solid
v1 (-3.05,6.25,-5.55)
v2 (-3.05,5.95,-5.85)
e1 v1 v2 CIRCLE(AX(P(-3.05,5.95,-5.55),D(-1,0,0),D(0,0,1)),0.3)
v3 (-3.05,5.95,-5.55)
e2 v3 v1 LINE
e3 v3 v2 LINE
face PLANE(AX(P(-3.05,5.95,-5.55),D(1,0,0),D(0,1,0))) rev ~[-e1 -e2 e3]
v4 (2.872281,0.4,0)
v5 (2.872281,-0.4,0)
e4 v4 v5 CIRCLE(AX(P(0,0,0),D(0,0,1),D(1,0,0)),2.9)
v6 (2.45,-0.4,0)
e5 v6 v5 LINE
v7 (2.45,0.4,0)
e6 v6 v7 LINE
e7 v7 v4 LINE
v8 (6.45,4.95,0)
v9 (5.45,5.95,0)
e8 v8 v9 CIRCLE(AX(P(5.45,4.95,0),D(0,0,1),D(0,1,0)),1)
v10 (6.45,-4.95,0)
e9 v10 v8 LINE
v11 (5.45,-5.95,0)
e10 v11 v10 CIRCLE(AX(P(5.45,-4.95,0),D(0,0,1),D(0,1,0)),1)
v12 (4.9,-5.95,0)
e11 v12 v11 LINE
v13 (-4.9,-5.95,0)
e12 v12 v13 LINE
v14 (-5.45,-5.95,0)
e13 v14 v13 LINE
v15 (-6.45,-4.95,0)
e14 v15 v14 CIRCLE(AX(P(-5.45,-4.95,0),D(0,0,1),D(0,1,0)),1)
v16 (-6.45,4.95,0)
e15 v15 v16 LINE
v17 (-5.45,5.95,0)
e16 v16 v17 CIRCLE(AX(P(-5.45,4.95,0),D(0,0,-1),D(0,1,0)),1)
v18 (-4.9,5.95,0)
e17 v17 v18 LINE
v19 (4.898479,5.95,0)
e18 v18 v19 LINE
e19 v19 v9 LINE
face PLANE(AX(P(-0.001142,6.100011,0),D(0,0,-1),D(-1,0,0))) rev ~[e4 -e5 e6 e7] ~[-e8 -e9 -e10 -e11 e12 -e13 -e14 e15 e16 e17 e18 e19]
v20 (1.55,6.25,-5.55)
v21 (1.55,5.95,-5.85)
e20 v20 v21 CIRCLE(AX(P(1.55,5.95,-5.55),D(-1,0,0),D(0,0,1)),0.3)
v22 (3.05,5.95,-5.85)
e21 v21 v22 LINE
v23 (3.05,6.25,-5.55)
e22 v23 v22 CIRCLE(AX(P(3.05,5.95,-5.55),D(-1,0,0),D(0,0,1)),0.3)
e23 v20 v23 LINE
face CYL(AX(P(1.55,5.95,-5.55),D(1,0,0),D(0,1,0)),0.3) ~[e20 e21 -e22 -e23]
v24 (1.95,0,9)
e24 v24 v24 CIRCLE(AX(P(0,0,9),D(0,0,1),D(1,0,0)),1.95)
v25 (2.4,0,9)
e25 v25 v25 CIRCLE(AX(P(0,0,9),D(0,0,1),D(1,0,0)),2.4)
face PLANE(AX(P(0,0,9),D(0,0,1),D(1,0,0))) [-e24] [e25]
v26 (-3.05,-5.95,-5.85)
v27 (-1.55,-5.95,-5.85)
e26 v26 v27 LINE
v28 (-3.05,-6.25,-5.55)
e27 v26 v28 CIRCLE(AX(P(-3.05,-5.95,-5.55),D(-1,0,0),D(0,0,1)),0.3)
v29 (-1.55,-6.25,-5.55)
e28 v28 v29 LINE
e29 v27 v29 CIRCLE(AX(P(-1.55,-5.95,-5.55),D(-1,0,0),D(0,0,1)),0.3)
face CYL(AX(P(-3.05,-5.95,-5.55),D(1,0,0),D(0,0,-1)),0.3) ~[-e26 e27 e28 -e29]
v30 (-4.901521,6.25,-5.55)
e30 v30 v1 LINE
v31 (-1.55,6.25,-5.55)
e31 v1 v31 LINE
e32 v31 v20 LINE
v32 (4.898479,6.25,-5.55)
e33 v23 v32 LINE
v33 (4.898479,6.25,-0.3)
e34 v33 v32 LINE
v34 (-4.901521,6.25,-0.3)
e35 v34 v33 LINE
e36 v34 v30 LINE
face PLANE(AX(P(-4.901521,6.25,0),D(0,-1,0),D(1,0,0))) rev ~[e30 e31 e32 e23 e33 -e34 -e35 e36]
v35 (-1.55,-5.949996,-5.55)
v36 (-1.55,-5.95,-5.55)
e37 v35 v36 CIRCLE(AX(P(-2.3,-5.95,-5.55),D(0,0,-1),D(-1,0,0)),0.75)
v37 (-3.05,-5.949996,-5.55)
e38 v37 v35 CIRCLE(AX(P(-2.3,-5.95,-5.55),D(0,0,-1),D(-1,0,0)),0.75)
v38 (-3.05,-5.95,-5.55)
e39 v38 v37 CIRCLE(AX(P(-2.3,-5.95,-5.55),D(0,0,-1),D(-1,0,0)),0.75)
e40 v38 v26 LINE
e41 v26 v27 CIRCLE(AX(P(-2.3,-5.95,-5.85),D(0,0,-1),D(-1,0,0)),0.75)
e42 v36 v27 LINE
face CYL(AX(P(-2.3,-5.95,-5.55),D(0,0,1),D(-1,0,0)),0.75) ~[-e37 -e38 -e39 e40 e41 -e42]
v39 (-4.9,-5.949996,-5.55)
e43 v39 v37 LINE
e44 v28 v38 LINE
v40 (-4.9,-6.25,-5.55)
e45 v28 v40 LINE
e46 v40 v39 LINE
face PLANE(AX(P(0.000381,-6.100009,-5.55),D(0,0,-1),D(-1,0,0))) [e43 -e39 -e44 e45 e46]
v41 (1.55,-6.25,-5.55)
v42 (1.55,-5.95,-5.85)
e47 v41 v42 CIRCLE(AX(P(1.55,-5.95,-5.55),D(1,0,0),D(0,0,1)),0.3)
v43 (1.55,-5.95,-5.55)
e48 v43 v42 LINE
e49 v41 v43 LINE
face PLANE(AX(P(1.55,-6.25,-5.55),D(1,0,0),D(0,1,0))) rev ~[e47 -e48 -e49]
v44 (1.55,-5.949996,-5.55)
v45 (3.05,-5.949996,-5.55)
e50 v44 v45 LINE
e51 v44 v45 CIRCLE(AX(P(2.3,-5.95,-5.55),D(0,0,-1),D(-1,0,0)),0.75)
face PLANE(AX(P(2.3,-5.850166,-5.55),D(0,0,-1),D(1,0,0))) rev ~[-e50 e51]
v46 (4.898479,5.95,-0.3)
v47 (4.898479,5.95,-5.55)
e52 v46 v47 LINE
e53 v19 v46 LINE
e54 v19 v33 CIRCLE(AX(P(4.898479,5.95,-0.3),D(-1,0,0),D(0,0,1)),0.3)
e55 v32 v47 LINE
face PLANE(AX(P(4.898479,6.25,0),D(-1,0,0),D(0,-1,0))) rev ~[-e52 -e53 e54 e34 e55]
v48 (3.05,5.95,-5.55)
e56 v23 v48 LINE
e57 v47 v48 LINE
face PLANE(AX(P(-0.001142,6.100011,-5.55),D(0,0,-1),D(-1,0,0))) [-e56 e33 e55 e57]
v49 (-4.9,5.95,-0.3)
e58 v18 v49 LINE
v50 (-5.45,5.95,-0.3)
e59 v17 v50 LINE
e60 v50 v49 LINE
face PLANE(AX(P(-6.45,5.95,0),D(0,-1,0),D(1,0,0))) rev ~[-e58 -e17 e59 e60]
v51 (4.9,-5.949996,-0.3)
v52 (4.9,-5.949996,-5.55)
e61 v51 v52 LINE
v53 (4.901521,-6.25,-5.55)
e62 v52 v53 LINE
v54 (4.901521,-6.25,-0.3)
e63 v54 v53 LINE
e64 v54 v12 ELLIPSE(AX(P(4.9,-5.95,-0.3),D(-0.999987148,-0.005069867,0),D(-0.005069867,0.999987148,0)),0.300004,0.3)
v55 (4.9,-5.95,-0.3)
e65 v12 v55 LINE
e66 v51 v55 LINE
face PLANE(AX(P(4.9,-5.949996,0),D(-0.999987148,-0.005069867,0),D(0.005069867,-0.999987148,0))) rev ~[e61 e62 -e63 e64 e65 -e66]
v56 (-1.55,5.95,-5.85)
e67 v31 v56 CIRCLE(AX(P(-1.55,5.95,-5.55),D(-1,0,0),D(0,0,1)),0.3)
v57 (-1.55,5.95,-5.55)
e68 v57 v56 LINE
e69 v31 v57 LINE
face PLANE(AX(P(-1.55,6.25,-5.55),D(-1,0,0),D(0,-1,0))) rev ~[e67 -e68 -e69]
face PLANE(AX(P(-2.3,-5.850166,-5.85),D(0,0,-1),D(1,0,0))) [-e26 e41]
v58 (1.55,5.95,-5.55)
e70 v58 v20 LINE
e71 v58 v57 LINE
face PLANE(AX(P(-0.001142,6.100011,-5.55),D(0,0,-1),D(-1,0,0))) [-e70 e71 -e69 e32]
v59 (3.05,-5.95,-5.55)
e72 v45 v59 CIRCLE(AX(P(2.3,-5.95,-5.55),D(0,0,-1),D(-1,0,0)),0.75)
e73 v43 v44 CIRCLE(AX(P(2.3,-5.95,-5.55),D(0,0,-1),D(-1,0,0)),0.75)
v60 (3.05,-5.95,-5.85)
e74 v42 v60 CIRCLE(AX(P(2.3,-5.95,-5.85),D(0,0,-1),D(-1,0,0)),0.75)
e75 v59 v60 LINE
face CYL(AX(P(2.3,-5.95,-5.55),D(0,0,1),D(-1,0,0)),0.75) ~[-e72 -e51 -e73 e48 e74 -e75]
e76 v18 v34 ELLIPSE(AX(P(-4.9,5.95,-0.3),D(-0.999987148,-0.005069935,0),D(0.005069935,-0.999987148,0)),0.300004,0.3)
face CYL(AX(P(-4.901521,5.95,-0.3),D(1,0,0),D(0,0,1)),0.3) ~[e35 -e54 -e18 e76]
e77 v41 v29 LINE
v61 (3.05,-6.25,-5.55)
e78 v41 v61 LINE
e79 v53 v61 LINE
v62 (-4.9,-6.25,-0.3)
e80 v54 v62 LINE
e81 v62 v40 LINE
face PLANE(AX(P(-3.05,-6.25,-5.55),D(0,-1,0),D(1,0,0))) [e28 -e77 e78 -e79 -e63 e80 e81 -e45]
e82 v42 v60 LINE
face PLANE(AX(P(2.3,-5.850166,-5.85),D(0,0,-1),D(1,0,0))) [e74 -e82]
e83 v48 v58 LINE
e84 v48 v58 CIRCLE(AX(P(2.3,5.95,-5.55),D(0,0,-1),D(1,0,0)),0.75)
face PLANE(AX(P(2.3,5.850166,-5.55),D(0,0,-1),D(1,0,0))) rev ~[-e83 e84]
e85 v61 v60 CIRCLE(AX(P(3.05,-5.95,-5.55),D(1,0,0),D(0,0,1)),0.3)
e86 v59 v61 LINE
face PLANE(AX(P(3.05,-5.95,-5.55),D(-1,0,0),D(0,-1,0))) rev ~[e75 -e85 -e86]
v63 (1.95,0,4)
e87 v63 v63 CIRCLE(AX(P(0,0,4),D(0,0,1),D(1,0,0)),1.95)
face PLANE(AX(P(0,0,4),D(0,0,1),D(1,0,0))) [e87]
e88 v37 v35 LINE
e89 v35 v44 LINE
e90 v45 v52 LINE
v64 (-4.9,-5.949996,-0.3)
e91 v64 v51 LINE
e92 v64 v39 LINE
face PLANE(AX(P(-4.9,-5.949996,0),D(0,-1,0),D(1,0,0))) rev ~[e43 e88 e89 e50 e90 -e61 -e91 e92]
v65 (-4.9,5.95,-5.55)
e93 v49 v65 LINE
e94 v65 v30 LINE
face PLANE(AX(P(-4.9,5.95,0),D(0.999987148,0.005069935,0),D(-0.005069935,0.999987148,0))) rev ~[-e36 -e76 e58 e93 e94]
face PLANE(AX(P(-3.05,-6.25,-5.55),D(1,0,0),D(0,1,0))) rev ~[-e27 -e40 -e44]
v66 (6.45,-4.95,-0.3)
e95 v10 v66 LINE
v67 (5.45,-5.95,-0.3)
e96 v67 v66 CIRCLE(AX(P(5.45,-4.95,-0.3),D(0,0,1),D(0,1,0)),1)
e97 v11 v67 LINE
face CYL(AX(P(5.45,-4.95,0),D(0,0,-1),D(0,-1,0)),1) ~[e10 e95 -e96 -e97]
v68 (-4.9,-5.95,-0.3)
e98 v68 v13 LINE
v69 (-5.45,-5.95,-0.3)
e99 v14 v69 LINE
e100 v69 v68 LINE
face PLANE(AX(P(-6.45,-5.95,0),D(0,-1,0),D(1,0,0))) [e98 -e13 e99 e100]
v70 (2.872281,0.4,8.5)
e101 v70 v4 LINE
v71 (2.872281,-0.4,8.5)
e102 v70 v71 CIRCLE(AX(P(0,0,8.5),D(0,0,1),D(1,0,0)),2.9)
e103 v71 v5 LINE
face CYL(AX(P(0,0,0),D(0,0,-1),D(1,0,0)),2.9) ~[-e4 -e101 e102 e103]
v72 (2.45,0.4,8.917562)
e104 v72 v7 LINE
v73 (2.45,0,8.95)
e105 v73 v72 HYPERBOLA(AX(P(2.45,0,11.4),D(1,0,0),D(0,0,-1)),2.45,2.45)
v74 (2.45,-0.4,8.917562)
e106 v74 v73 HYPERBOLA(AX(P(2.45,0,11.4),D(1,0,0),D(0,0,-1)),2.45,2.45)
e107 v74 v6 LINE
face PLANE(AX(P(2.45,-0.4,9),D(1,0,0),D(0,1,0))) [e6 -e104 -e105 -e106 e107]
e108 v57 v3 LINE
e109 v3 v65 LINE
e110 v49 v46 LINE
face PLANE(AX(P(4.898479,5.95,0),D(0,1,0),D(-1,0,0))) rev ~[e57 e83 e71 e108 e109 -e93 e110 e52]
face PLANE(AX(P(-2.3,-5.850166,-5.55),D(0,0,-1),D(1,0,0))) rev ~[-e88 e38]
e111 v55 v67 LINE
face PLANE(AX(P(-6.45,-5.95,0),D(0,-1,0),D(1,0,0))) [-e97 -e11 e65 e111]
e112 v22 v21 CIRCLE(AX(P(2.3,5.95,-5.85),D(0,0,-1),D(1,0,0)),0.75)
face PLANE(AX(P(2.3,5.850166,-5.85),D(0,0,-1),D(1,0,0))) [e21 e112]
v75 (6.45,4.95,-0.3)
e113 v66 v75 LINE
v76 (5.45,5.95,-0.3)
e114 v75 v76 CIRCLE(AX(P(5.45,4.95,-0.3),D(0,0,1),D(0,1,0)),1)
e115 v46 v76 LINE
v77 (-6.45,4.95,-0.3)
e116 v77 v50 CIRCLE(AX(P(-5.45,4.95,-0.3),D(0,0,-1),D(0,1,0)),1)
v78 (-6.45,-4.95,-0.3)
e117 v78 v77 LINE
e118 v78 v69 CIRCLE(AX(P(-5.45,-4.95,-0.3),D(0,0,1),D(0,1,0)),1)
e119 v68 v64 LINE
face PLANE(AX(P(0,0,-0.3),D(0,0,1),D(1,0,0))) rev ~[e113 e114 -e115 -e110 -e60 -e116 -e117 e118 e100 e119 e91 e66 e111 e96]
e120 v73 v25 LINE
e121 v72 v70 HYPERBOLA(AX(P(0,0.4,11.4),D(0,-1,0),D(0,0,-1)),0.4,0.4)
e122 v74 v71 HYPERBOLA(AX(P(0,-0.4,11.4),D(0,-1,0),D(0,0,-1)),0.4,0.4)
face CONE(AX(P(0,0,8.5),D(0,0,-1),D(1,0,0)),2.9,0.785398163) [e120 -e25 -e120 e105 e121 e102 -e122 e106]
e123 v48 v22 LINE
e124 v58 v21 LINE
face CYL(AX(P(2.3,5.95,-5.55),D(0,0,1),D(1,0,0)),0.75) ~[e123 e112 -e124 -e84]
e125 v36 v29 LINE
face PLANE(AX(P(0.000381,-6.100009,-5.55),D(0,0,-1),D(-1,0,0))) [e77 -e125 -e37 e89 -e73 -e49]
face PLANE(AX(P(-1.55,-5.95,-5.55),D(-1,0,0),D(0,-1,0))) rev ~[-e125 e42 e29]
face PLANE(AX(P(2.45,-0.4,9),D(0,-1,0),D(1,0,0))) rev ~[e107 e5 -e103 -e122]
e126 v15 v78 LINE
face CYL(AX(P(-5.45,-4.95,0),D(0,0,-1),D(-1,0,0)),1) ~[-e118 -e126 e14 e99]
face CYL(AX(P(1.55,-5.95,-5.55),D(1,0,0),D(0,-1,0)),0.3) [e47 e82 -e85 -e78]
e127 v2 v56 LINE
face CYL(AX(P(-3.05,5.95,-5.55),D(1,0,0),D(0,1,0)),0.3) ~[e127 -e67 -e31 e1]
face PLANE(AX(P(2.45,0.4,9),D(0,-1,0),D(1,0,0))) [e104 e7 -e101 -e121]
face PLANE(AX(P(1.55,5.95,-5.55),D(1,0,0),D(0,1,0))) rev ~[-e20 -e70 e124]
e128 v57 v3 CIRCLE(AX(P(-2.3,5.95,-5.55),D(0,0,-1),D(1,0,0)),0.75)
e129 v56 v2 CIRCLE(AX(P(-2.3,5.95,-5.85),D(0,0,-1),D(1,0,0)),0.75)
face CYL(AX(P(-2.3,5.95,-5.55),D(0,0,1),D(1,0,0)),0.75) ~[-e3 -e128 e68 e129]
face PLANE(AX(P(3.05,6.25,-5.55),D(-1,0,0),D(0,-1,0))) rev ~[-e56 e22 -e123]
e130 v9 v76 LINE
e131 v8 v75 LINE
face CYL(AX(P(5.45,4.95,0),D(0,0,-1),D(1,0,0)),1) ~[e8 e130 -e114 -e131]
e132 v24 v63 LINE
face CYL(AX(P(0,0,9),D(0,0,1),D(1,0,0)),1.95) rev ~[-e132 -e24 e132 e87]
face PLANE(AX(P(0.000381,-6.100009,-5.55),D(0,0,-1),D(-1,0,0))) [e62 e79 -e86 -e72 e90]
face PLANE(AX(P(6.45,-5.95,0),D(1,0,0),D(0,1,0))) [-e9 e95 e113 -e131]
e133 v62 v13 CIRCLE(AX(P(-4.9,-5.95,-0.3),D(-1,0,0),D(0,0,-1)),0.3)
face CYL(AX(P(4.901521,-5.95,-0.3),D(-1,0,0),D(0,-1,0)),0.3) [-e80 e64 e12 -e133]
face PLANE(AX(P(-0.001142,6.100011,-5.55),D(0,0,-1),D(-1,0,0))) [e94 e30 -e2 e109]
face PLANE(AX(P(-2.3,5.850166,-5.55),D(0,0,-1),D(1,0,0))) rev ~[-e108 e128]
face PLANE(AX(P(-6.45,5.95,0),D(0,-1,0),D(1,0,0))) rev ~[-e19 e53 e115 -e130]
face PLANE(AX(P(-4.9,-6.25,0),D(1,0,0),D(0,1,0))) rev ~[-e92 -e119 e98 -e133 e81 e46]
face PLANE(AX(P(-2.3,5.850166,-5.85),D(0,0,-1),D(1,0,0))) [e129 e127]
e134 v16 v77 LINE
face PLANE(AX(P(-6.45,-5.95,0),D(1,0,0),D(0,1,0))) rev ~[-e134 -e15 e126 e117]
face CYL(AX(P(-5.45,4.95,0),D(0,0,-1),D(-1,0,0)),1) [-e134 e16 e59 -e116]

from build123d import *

# Parameters (mm, degrees)
SKETCH005_W     = 12.9
SKETCH005_H     = 11.9
PAD003_DEPTH    = 0.3
FILLET003_R     = 1
PAD004_DEPTH    = 5.55
PAD005_DEPTH    = 0.3
FILLET004_R     = 0.3
SKETCH008_R     = 2.9
PAD006_DEPTH    = 9
SKETCH009_R     = 1.95
POCKET002_DEPTH = 5
CHAMFER_SIZE    = 0.5
SKETCH010_W     = 0.5
SKETCH010_H     = 0.8
POCKET003_DEPTH = 9


with BuildPart() as part:
    # Sketch005 → Pad003 (new body)
    with BuildSketch(Plane.XY):
        Rectangle(SKETCH005_W, SKETCH005_H)
    extrude(amount=-PAD003_DEPTH)

    # Fillet003
    fillet003_edges = [part.edges().sort_by_distance(p)[0] for p in [
        (-6.45, -5.95, -0.15),
        (-6.45, 5.95, -0.15),
        (6.45, 5.95, -0.15),
        (6.45, -5.95, -0.15),
    ]]
    fillet(fillet003_edges, radius=FILLET003_R)

    # Sketch006 (on Face2 of Fillet003) → Pad004 (join)
    with BuildSketch(Plane.XY):
        Polygon((-4.901521, 6.25), (4.898479, 6.25), (4.898479, 5.95), (-4.9, 5.95), align=None)
        Polygon((4.901521, -6.25), (-4.9, -6.25), (-4.9, -5.949996), (4.9, -5.949996), align=None)
    extrude(amount=-PAD004_DEPTH)

    # Sketch007 (on Face21 of Pad004) → Pad005 (join)
    with BuildSketch(Plane(origin=(0, 0, -5.55), x_dir=(1, 0, 0), z_dir=(0, 0, -1))):
        with BuildLine():
            ThreePointArc((-3.05, 5.95), (-2.3, 5.2), (-1.55, 5.95))
            Line((-1.55, 5.95), (-1.55, 6.25))
            Line((-3.05, 6.25), (-1.55, 6.25))
            Line((-3.05, 6.25), (-3.05, 5.95))
        make_face()
        with BuildLine():
            ThreePointArc((1.55, 5.95), (2.3, 5.2), (3.05, 5.95))
            Line((3.05, 5.95), (3.05, 6.25))
            Line((1.55, 6.25), (3.05, 6.25))
            Line((1.55, 6.25), (1.55, 5.95))
        make_face()
        with BuildLine():
            ThreePointArc((-1.55, -5.95), (-2.3, -5.2), (-3.05, -5.95))
            Line((-3.05, -5.95), (-3.05, -6.25))
            Line((-3.05, -6.25), (-1.55, -6.25))
            Line((-1.55, -6.25), (-1.55, -5.95))
        make_face()
        with BuildLine():
            ThreePointArc((3.05, -5.95), (2.3, -5.2), (1.55, -5.95))
            Line((1.55, -5.95), (1.55, -6.25))
            Line((1.55, -6.25), (3.05, -6.25))
            Line((3.05, -6.25), (3.05, -5.95))
        make_face()
    extrude(amount=PAD005_DEPTH)

    # Fillet004
    fillet004_edges = [part.edges().sort_by_distance(p)[0] for p in [
        (2.3, -6.25, -5.85),
        (-2.3, -6.25, -5.85),
        (2.3, 6.25, -5.85),
        (-2.3, 6.25, -5.85),
        (-0.001521, 6.25, 0),
        (0.000761, -6.25, 0),
    ]]
    fillet(fillet004_edges, radius=FILLET004_R)

    # Sketch008 (on Face1 of Fillet004) → Pad006 (join)
    with BuildSketch(Plane.XY):
        Circle(SKETCH008_R)
    extrude(amount=PAD006_DEPTH)

    # Sketch009 (on Face22 of Pad006) → Pocket002 (cut)
    with BuildSketch(Plane.XY.offset(9)):
        Circle(SKETCH009_R)
    extrude(amount=-POCKET002_DEPTH, mode=Mode.SUBTRACT)

    # Chamfer
    chamfer_edges = [part.edges().sort_by_distance(p)[0] for p in [
        (-2.9, 0, 9),
    ]]
    chamfer(chamfer_edges, length=CHAMFER_SIZE)

    # Sketch010 (on Face4 of Chamfer) → Pocket003 (cut)
    with BuildSketch(Plane.XY.offset(9)):
        with Locations((2.7, 0)):
            Rectangle(SKETCH010_W, SKETCH010_H)
    extrude(amount=-POCKET003_DEPTH, mode=Mode.SUBTRACT)


solid = part.part
